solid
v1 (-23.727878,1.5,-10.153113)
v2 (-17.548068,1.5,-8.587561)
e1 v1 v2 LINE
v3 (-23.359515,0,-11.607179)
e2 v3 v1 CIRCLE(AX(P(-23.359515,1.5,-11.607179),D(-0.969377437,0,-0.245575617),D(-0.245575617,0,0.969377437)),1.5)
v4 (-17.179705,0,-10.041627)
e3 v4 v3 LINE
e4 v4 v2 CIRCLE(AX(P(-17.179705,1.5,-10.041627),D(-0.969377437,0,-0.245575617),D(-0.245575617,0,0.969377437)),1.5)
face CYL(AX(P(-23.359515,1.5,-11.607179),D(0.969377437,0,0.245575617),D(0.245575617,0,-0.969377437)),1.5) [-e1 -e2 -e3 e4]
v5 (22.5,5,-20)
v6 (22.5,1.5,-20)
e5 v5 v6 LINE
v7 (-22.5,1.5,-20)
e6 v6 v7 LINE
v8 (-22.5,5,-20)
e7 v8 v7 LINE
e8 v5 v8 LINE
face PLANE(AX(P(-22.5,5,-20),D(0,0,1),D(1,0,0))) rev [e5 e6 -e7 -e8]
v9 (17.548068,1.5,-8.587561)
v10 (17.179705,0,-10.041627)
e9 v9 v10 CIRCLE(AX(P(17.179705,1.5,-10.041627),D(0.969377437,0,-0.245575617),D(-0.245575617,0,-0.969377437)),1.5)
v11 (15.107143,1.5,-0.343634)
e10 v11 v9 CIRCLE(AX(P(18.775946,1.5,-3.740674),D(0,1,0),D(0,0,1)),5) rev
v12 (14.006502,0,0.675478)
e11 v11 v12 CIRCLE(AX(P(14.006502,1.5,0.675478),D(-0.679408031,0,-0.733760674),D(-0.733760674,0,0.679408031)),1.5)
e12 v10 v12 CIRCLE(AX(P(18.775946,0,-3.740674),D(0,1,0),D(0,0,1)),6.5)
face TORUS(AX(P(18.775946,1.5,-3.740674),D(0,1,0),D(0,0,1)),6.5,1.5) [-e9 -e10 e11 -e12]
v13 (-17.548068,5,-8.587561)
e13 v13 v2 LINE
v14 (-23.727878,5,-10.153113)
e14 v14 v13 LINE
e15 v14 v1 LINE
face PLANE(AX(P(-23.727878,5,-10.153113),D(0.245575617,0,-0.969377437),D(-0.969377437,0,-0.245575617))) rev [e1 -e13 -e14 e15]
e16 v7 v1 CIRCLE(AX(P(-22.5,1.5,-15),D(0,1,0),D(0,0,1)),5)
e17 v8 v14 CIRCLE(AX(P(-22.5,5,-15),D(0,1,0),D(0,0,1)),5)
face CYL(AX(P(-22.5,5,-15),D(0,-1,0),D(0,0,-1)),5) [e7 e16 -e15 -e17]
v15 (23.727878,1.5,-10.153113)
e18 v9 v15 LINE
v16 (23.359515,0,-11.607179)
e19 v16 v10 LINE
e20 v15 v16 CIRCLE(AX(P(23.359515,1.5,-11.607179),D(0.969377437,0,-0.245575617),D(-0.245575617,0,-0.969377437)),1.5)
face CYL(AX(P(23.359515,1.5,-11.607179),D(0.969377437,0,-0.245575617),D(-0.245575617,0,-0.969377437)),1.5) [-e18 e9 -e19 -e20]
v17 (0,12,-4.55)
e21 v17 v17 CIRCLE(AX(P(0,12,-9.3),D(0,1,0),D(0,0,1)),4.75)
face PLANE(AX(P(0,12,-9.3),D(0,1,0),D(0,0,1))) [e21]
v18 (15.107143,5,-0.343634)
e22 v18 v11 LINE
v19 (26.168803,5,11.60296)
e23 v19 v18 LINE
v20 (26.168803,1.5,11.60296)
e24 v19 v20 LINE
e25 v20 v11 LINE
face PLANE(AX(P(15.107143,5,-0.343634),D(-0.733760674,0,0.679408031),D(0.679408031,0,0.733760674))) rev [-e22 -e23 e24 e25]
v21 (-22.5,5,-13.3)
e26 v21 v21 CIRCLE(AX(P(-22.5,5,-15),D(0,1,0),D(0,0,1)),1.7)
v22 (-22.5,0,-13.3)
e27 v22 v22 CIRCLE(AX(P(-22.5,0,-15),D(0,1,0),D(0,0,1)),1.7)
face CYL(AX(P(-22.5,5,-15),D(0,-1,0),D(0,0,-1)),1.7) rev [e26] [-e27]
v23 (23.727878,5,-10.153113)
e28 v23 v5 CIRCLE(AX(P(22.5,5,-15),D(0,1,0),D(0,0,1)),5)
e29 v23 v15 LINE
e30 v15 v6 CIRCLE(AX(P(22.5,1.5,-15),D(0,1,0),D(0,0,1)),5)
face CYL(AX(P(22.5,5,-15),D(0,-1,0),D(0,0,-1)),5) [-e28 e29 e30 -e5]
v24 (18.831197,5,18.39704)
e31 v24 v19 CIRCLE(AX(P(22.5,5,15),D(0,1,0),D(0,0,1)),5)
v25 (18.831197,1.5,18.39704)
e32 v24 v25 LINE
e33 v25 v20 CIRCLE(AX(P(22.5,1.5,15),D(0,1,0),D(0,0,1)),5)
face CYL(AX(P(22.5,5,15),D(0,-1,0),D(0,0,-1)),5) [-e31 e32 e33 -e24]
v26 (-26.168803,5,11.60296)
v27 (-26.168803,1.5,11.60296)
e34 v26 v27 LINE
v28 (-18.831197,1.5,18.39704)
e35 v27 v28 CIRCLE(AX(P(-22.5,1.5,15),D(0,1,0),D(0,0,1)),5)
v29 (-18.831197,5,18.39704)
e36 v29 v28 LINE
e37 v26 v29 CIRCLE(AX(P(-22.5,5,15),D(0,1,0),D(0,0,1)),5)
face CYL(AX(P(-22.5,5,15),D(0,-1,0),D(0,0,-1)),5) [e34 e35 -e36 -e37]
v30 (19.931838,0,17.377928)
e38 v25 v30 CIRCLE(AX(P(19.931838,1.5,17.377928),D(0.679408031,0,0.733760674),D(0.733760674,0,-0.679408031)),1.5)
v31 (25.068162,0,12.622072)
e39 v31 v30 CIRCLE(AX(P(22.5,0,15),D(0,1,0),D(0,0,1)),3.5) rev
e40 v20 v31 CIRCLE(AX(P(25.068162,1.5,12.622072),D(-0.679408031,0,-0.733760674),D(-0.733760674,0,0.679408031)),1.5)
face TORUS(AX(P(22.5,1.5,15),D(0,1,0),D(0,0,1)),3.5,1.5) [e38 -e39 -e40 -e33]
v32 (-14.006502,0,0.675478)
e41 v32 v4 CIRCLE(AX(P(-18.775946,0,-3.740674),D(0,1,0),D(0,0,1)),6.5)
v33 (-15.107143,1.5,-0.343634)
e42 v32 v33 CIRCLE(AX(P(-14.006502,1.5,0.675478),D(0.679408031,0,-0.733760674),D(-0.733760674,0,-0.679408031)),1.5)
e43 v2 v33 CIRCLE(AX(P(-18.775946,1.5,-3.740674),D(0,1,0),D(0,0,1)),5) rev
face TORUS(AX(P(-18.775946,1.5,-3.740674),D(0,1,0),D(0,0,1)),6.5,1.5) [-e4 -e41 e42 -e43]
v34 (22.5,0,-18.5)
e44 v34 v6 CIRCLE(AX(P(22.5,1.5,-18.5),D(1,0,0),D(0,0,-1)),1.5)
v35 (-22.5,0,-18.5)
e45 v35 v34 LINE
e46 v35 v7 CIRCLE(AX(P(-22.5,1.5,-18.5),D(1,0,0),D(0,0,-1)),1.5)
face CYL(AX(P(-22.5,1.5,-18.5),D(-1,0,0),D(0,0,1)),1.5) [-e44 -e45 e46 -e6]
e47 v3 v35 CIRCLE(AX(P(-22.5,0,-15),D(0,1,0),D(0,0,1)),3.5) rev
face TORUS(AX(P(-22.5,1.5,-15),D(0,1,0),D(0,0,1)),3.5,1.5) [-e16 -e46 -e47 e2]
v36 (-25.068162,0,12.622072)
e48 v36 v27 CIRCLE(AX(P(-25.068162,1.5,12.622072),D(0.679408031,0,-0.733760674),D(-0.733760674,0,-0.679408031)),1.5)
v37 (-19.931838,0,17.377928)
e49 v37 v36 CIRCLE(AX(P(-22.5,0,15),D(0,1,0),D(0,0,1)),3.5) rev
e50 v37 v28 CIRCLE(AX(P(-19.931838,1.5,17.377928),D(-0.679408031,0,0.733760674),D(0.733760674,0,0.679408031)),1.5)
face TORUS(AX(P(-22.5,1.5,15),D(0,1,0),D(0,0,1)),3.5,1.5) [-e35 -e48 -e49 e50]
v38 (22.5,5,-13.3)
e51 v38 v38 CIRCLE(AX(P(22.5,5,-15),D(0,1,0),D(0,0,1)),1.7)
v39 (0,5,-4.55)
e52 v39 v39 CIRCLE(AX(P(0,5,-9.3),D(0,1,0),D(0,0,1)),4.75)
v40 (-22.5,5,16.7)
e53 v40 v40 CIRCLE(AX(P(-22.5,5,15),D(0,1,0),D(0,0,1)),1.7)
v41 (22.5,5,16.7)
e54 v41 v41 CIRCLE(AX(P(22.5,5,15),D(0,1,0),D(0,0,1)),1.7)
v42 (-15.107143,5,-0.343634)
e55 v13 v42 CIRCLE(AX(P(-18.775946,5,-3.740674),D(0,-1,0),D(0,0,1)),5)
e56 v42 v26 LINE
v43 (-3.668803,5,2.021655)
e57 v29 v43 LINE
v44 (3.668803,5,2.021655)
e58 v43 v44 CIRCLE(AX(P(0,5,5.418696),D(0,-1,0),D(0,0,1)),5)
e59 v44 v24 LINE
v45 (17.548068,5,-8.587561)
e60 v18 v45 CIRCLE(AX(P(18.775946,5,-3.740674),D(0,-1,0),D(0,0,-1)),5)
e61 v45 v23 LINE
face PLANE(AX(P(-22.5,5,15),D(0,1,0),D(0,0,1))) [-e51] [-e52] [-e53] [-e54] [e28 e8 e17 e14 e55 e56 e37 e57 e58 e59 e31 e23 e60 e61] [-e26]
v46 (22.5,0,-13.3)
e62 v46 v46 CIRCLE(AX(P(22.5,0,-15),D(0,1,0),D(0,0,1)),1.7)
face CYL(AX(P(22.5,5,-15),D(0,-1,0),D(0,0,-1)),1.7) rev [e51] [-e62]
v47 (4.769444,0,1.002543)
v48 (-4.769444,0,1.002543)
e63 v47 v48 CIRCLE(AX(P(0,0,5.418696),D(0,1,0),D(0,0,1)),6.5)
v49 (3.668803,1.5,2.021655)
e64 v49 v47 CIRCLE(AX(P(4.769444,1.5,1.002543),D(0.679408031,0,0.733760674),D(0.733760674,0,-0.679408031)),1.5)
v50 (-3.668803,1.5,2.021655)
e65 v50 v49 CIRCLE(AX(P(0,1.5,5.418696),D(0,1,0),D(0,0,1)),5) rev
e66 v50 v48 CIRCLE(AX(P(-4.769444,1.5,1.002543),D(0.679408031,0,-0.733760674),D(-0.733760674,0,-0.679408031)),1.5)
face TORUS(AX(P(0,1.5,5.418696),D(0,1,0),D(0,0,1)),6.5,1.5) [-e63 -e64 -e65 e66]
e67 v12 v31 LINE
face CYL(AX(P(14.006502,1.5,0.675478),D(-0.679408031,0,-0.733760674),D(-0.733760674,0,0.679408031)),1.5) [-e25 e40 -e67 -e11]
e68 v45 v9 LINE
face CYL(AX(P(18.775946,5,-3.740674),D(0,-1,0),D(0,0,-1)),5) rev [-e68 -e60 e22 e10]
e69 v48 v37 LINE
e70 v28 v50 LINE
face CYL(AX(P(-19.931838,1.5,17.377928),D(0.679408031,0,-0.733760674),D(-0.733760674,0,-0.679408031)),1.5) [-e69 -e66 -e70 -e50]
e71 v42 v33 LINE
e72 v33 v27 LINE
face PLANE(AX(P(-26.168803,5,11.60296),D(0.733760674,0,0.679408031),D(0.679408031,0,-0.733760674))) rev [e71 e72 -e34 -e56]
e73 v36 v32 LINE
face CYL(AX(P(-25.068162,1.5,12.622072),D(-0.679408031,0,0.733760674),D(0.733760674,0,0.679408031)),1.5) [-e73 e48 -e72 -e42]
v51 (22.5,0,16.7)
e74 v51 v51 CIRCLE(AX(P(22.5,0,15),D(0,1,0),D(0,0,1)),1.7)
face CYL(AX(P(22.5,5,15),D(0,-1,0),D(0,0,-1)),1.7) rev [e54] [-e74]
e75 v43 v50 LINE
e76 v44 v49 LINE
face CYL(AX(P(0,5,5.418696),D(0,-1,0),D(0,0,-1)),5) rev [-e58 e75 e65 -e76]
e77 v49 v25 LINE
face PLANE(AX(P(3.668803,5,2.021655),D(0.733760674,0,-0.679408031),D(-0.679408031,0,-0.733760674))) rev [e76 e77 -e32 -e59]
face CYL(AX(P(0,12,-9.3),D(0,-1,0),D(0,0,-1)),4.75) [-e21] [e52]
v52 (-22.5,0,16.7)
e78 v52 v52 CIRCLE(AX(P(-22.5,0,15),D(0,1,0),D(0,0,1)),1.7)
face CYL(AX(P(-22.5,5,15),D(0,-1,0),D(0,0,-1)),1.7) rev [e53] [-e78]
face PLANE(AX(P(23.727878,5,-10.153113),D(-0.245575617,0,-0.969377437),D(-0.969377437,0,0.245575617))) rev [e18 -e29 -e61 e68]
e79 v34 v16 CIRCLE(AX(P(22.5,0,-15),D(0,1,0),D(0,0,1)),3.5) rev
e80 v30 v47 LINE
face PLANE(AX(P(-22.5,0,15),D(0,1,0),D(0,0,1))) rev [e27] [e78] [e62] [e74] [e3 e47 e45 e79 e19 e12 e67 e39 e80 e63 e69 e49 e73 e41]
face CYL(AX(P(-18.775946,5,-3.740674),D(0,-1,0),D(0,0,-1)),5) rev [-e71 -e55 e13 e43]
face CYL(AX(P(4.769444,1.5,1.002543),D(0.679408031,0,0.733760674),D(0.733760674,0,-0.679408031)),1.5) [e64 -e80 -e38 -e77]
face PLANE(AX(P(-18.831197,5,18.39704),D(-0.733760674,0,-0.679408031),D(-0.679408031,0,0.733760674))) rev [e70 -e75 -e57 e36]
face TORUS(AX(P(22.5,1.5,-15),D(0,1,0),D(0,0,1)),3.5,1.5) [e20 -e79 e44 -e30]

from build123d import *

# Parameters (mm, degrees)
SKETCH1_R           = 1.7
BOSS_EXTRUDE1_DEPTH = 5
SKETCH2_R           = 4.75
BOSS_EXTRUDE2_DEPTH = 7
FILLET1_R           = 1.5


with BuildPart() as part:
    # Sketch1 → Boss-Extrude1 (new body)
    with BuildSketch(Plane(origin=(0, 0, 0), x_dir=(1, 0, 0), z_dir=(0, 1, 0))):
        with BuildLine():
            Line((-26.16880337, -11.602959843), (-15.107142779, 0.343633596))
            ThreePointArc((-15.107142779, 0.343633596), (-13.981683241, 5.160195913), (-17.548068062, 8.58756094))
            Line((-17.548068062, 8.58756094), (-23.727878087, 10.153112813))
            ThreePointArc((-23.727878087, 10.153112813), (-27.461574142, 15.618693812), (-22.5, 20))
            Line((-22.5, 20), (22.5, 20))
            ThreePointArc((22.5, 20), (27.461574142, 15.618693812), (23.727878087, 10.153112813))
            Line((23.727878087, 10.153112813), (17.548068062, 8.58756094))
            ThreePointArc((17.548068062, 8.58756094), (13.981683241, 5.160195913), (15.107142779, 0.343633596))
            Line((15.107142779, 0.343633596), (26.16880337, -11.602959843))
            ThreePointArc((26.16880337, -11.602959843), (25.897040157, -18.66880337), (18.83119663, -18.397040157))
            Line((18.83119663, -18.397040157), (3.66880337, -2.021655437))
            ThreePointArc((3.66880337, -2.021655437), (0, -0.418695594), (-3.66880337, -2.021655437))
            Line((-3.66880337, -2.021655437), (-18.83119663, -18.397040157))
            ThreePointArc((-18.83119663, -18.397040157), (-25.897040157, -18.66880337), (-26.16880337, -11.602959843))
        make_face()
        with Locations(Location((22.5, 15, 0), (0, 0, 270))):
            Circle(SKETCH1_R, mode=Mode.SUBTRACT)
        with Locations(Location((22.5, -15, 0), (0, 0, 270))):
            Circle(SKETCH1_R, mode=Mode.SUBTRACT)
        with Locations(Location((-22.5, 15, 0), (0, 0, 270))):
            Circle(SKETCH1_R, mode=Mode.SUBTRACT)
        with Locations(Location((-22.5, -15, 0), (0, 0, 270))):
            Circle(SKETCH1_R, mode=Mode.SUBTRACT)
    extrude(amount=BOSS_EXTRUDE1_DEPTH)

    # Sketch2 → Boss-Extrude2 (add)
    with BuildSketch(Plane(origin=(0, 5, 0), x_dir=(1, 0, 0), z_dir=(0, 1, 0))):
        with Locations(Location((0, 9.3, 0), (0, 0, 270))):
            Circle(SKETCH2_R)
    extrude(amount=BOSS_EXTRUDE2_DEPTH)

    # Fillet1
    fillet1_edges = [part.edges().sort_by_distance(p)[0] for p in [
        (-20.637973075, 0, 5.629663123),
        (-13.981683241, 0, -5.160195913),
        (-20.637973075, 0, -9.370336877),
        (-27.461574142, 0, -15.618693812),
        (0, 0, -20),
        (27.461574142, 0, -15.618693812),
        (20.637973075, 0, -9.370336877),
        (13.981683241, 0, -5.160195913),
        (20.637973075, 0, 5.629663123),
        (25.897040157, 0, 18.66880337),
        (11.25, 0, 10.209347797),
        (0, 0, 0.418695594),
        (-11.25, 0, 10.209347797),
        (-25.897040157, 0, 18.66880337),
    ]]
    fillet(fillet1_edges, radius=FILLET1_R)


solid = part.part
